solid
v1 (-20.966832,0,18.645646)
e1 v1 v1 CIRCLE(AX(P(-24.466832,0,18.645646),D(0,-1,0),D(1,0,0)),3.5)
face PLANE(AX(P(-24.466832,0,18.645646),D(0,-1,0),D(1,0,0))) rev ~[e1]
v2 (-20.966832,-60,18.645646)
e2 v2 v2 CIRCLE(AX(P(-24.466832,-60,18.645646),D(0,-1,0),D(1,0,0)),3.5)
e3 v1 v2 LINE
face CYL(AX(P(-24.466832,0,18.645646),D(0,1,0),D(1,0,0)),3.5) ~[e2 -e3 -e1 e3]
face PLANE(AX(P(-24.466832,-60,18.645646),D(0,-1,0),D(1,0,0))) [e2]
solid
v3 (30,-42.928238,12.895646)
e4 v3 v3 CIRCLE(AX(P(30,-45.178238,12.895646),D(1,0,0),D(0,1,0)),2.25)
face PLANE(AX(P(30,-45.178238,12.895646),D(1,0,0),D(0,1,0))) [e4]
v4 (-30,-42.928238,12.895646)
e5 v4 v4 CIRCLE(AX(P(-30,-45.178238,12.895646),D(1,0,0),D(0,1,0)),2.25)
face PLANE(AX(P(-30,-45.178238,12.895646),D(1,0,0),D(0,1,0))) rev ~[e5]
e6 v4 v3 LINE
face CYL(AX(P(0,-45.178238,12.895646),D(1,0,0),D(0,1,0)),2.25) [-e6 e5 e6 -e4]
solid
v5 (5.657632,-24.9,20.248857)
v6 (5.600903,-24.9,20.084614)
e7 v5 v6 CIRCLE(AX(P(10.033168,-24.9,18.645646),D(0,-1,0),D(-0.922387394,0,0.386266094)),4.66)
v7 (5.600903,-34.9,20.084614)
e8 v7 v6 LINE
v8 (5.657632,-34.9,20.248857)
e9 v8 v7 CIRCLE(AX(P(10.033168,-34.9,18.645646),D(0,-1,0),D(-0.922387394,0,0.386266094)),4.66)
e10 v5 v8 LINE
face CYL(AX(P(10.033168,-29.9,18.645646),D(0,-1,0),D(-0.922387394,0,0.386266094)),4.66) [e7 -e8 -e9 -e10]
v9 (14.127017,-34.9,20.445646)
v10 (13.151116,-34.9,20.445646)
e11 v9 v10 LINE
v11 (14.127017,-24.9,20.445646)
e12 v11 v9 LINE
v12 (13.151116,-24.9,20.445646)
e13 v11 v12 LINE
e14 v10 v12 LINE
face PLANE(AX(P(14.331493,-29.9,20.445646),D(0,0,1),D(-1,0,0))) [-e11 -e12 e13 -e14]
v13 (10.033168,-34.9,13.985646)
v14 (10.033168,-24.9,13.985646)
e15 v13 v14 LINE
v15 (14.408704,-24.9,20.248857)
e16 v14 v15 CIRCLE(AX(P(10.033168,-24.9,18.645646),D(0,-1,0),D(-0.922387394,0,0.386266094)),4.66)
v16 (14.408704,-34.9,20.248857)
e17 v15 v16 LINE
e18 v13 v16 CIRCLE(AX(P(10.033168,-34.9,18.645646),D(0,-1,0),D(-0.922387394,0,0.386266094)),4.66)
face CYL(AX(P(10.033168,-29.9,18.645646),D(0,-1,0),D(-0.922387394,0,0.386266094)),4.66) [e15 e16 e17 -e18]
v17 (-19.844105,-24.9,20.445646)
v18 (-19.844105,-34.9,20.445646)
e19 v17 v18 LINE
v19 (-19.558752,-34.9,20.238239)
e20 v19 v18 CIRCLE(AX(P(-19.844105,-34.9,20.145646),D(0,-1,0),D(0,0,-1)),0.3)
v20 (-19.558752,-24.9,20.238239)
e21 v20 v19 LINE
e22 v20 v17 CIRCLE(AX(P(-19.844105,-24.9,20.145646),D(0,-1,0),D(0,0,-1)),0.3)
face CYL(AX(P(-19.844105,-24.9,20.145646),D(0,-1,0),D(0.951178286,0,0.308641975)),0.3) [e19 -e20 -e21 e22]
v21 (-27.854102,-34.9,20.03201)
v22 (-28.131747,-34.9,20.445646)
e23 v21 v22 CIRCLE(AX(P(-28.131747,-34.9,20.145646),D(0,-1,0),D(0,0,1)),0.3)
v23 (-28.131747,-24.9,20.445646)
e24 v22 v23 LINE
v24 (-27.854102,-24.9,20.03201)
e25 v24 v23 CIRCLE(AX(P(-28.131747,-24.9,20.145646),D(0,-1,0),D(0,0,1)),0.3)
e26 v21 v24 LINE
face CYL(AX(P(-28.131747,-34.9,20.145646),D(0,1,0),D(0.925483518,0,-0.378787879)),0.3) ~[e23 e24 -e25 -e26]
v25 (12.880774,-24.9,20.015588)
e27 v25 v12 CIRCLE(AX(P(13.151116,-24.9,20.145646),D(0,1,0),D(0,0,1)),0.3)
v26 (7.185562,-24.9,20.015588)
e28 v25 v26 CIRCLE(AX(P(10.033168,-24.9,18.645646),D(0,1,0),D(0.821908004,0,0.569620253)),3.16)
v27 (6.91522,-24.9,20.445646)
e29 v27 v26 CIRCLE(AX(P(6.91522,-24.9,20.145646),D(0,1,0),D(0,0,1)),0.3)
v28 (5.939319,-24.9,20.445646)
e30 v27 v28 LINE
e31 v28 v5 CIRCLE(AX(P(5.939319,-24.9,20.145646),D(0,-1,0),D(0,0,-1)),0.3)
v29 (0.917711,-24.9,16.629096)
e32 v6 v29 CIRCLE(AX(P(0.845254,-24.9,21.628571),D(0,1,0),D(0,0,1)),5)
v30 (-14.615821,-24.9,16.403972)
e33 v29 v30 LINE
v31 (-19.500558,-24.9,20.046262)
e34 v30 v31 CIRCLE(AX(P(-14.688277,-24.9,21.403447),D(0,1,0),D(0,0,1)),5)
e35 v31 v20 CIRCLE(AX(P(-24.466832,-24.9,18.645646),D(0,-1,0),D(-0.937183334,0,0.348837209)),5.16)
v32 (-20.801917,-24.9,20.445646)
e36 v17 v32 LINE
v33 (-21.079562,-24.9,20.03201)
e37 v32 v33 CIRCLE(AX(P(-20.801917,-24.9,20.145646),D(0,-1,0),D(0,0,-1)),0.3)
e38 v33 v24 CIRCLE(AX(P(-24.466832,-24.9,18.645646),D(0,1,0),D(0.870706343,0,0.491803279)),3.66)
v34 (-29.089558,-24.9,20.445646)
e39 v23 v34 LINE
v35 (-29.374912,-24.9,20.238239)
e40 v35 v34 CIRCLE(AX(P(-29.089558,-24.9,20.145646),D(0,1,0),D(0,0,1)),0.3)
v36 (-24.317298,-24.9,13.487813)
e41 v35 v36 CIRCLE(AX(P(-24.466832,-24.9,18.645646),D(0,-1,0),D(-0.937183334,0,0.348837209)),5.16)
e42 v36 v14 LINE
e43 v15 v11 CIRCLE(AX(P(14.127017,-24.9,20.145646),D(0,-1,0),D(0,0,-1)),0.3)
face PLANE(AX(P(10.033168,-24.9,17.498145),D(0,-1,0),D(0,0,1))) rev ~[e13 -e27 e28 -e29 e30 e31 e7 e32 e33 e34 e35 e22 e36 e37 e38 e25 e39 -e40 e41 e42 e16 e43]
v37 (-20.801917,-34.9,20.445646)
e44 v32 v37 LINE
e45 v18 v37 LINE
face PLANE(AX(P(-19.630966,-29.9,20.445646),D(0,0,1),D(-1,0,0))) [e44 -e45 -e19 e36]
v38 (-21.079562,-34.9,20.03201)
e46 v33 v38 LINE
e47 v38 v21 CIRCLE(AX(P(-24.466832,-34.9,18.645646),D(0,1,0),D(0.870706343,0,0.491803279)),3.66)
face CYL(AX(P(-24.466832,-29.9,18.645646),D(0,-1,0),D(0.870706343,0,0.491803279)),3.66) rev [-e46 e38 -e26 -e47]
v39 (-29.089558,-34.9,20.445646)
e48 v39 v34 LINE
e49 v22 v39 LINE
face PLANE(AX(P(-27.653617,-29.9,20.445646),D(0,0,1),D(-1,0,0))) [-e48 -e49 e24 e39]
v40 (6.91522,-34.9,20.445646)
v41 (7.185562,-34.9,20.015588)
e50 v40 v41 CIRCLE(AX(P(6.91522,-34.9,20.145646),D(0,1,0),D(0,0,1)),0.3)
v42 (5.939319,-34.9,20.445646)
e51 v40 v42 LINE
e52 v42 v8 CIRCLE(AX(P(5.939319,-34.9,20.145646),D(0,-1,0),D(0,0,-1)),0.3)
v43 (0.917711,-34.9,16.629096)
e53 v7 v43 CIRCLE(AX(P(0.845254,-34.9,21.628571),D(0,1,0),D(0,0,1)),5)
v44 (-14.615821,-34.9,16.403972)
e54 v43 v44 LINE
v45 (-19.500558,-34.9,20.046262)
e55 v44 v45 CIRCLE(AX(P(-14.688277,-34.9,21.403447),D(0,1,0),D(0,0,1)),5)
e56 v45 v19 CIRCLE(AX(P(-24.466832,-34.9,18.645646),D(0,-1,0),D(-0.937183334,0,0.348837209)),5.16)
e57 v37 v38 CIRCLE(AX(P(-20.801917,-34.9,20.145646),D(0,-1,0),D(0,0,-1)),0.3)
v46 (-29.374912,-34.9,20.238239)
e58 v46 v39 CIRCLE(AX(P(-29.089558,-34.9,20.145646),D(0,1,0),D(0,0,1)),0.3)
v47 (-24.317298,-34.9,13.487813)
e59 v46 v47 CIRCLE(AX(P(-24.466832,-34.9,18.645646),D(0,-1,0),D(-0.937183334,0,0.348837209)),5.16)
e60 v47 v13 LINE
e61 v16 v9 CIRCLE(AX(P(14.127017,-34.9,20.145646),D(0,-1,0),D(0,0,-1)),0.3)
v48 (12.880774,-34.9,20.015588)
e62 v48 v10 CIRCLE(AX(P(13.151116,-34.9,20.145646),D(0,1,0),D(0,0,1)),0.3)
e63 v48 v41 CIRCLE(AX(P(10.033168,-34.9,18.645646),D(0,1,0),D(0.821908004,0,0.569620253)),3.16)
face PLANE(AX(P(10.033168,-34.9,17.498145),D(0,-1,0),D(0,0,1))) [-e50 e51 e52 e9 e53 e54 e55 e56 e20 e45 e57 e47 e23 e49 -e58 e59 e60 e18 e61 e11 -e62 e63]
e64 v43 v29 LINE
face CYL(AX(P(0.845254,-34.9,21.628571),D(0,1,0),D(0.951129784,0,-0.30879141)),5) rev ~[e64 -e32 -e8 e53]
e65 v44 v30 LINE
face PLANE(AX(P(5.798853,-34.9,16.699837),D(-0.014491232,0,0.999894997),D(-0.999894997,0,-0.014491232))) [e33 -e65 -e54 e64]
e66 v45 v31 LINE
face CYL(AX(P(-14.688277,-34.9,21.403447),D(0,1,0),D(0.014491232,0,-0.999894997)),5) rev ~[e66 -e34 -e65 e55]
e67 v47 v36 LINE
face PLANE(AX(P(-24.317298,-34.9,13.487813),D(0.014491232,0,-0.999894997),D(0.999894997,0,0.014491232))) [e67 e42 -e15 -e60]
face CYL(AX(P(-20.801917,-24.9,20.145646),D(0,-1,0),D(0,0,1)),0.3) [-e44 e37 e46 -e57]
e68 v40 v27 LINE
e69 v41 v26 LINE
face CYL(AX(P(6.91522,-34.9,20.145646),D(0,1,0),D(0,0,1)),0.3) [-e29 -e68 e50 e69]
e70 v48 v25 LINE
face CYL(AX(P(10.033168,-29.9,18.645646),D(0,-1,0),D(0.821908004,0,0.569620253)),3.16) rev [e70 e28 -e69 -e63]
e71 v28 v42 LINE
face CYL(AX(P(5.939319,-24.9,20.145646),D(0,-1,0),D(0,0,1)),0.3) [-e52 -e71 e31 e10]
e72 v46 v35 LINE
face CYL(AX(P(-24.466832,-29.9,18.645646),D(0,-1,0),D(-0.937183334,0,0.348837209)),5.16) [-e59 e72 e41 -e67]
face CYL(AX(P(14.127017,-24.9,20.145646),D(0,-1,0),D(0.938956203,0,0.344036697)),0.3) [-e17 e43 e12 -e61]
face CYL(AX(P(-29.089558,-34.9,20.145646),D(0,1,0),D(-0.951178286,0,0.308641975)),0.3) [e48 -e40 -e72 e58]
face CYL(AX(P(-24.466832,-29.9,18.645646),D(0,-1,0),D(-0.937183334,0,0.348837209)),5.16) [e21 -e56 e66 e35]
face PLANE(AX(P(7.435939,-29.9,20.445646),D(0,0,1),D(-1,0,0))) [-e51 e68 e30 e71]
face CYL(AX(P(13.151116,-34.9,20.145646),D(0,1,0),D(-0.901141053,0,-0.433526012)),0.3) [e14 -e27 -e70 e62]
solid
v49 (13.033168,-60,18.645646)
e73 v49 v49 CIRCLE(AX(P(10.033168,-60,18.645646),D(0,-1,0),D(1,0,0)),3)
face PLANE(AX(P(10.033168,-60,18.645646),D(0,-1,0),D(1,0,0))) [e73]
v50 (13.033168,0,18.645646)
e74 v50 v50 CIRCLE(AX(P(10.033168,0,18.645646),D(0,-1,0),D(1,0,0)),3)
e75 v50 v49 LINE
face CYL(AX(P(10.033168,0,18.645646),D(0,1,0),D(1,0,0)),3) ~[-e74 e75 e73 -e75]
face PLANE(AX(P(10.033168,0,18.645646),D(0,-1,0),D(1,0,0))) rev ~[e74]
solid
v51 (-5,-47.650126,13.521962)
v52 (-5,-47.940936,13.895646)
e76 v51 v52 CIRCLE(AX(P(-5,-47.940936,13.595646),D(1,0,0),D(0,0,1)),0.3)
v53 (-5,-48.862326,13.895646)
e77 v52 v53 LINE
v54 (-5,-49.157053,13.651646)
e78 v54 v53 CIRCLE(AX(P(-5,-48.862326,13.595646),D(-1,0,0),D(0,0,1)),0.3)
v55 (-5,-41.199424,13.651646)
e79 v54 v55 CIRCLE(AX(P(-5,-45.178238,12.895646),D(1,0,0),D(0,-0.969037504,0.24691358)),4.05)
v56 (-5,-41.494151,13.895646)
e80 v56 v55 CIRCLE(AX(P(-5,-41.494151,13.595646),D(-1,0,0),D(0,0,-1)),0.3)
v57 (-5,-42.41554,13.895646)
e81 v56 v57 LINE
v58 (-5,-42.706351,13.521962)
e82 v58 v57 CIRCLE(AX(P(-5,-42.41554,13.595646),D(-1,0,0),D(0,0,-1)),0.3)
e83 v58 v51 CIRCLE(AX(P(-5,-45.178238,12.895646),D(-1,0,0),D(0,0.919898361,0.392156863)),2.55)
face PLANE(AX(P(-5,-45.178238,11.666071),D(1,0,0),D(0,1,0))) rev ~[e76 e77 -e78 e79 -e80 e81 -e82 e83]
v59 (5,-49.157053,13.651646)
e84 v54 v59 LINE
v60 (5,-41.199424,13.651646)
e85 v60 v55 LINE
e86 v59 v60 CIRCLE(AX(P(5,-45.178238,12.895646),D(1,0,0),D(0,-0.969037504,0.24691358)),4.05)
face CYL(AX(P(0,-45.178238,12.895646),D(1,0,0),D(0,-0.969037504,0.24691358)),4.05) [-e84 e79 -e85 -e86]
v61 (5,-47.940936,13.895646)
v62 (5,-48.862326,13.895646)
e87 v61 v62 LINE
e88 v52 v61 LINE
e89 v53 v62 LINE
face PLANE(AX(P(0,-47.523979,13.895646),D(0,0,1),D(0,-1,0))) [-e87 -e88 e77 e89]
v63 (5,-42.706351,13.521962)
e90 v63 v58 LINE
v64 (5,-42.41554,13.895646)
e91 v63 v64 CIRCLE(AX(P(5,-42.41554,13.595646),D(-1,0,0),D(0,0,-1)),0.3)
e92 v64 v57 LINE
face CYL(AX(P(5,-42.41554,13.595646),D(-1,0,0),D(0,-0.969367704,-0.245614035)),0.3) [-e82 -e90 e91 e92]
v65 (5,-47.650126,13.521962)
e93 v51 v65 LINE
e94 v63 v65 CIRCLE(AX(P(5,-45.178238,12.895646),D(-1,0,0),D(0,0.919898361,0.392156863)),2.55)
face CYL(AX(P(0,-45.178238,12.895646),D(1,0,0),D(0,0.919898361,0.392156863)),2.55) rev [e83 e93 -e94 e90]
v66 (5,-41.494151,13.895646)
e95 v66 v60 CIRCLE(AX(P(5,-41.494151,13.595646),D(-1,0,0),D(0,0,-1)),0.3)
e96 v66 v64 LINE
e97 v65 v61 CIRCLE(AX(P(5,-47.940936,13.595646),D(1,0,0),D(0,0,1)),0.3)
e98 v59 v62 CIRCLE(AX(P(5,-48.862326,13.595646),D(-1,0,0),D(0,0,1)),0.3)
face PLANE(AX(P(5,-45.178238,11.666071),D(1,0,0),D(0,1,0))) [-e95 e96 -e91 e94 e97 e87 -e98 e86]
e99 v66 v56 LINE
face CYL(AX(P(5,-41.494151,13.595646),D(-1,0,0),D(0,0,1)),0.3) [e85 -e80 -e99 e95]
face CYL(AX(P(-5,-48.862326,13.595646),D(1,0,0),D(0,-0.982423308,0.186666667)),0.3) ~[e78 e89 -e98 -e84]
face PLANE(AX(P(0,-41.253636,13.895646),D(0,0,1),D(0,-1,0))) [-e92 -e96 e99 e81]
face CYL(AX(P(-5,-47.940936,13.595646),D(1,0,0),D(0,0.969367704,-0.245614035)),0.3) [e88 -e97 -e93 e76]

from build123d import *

# Parameters (mm, degrees)
F0_R      = 3.5
F1_DEPTH  = 60
F0_R_2    = 3
F2_R      = 2.25
F3_DEPTH  = 30
F5_DEPTH  = 5
F6_R      = 0.3
F9_DEPTH  = 5
F10_ANGLE = 90
F11_ANGLE = 270
F13_DEPTH = 10
F14_R     = 0.3
F15_R     = 5


with BuildPart() as f1:
    # F0 (on Front) → F1 (new body)
    with BuildSketch(Plane.XZ):
        with Locations((-24.4668319107, 18.6456460506)):
            Circle(F0_R)
    extrude(amount=F1_DEPTH)


with BuildPart() as f1b:
    # F0 (on Front) → F1, piece 2 (new body)
    with BuildSketch(Plane.XZ):
        with Locations((10.0331680893, 18.6456460506)):
            Circle(F0_R_2)
    extrude(amount=F1_DEPTH)


with BuildPart() as f3:
    # F2 (on Right) → F3 (new body, symmetric)
    with BuildSketch(Plane.YZ):
        with Locations((-45.1782383025, 12.8956460506)):
            Circle(F2_R)
    extrude(amount=F3_DEPTH, both=True)


with BuildPart() as f5:
    # F4 (on Right) → F5 (new body, symmetric)
    with BuildSketch(Plane.YZ):
        with BuildLine():
            ThreePointArc((-42.8324974813, 13.8956460506), (-45.1782383025, 10.3456460506), (-47.5239791236, 13.8956460506))
            Line((-47.5239791236, 13.8956460506), (-49.1028401931, 13.8956460506))
            ThreePointArc((-49.1028401931, 13.8956460506), (-45.1782383025, 8.8456460506), (-41.2536364118, 13.8956460506))
            Line((-41.2536364118, 13.8956460506), (-42.8324974813, 13.8956460506))
        make_face()
    extrude(amount=F5_DEPTH, both=True)

    # F6
    f6_edges = [f5.edges().sort_by_distance(p)[0] for p in [
        (0, -41.253636, 13.895646),
        (0, -42.832497, 13.895646),
        (0, -47.523979, 13.895646),
        (0, -49.10284, 13.895646),
    ]]
    fillet(f6_edges, radius=F6_R)


with BuildPart() as f9:
    # F8 (on offset) → F9 (new body, symmetric)
    with BuildSketch(Plane.XZ.offset(29.9)):
        with BuildLine():
            ThreePointArc((-26.2668319107, 13.8097800475), (-19.3068319107, 18.6456460506), (-26.2668319107, 23.4815120537))
            Line((-26.2668319107, 23.4815120537), (-26.2668319107, 21.8324312645))
            ThreePointArc((-26.2668319107, 21.8324312645), (-20.8068319107, 18.6456460506), (-26.2668319107, 15.4588608366))
            Line((-26.2668319107, 15.4588608366), (-26.2668319107, 13.8097800475))
        make_face()
    extrude(amount=F9_DEPTH, both=True)


with BuildPart() as f9b:
    # F8 (on offset) → F9, piece 2 (new body, symmetric)
    with BuildSketch(Plane.XZ.offset(29.9)):
        with BuildLine():
            Line((11.8331680893, 21.2428753435), (11.8331680893, 22.9439713058))
            ThreePointArc((11.8331680893, 22.9439713058), (5.3731680893, 18.6456460506), (11.8331680893, 14.3473207953))
            Line((11.8331680893, 14.3473207953), (11.8331680893, 16.0484167577))
            ThreePointArc((11.8331680893, 16.0484167577), (6.8731680893, 18.6456460506), (11.8331680893, 21.2428753435))
        make_face()
    extrude(amount=F9_DEPTH, both=True)


with BuildPart() as f9_1:
    # F10: moved
    add(f9.part.rotate(Axis((-24.4668319107, 0, 18.6456460506), (0, 1, 0)), F10_ANGLE))



with BuildPart() as f9b_1:
    # F11: moved
    add(f9b.part.rotate(Axis((10.0331680893, 0, 18.6456460506), (0, 1, 0)), F11_ANGLE))


with BuildPart() as f9_2:
    add(f9_1.part)

    add(f9b_1.part)  # F13 merges F9b
    # F12 (on face) → F13 (join)
    with BuildSketch(Plane.XZ.offset(34.9)):
        with BuildLine():
            ThreePointArc((10.0331680893, 13.9856460506), (7.5183986062, 14.7224414362), (5.7988525354, 16.6998372752))
            Line((5.7988525354, 16.6998372752), (-19.8566035887, 16.3280190705))
            ThreePointArc((-19.8566035887, 16.3280190705), (-21.695455678, 14.293052137), (-24.3172981014, 13.4878132072))
            Line((-24.3172981014, 13.4878132072), (10.0331680893, 13.9856460506))
        make_face()
    extrude(amount=-F13_DEPTH)

    # F14
    f14_edges = [f9_2.edges().sort_by_distance(p)[0] for p in [
        (-19.630966, -29.9, 20.445646),
        (-21.280047, -29.9, 20.445646),
        (-27.653617, -29.9, 20.445646),
        (-29.302698, -29.9, 20.445646),
        (7.435939, -29.9, 20.445646),
        (5.734843, -29.9, 20.445646),
        (14.331493, -29.9, 20.445646),
        (12.630397, -29.9, 20.445646),
    ]]
    fillet(f14_edges, radius=F14_R)

    # F15
    f15_edges = [f9_2.edges().sort_by_distance(p)[0] for p in [
        (-19.856604, -29.9, 16.328019),
        (5.798853, -29.9, 16.699837),
    ]]
    fillet(f15_edges, radius=F15_R)


solid = Compound([f1.part, f1b.part, f3.part, f5.part, f9_2.part])
